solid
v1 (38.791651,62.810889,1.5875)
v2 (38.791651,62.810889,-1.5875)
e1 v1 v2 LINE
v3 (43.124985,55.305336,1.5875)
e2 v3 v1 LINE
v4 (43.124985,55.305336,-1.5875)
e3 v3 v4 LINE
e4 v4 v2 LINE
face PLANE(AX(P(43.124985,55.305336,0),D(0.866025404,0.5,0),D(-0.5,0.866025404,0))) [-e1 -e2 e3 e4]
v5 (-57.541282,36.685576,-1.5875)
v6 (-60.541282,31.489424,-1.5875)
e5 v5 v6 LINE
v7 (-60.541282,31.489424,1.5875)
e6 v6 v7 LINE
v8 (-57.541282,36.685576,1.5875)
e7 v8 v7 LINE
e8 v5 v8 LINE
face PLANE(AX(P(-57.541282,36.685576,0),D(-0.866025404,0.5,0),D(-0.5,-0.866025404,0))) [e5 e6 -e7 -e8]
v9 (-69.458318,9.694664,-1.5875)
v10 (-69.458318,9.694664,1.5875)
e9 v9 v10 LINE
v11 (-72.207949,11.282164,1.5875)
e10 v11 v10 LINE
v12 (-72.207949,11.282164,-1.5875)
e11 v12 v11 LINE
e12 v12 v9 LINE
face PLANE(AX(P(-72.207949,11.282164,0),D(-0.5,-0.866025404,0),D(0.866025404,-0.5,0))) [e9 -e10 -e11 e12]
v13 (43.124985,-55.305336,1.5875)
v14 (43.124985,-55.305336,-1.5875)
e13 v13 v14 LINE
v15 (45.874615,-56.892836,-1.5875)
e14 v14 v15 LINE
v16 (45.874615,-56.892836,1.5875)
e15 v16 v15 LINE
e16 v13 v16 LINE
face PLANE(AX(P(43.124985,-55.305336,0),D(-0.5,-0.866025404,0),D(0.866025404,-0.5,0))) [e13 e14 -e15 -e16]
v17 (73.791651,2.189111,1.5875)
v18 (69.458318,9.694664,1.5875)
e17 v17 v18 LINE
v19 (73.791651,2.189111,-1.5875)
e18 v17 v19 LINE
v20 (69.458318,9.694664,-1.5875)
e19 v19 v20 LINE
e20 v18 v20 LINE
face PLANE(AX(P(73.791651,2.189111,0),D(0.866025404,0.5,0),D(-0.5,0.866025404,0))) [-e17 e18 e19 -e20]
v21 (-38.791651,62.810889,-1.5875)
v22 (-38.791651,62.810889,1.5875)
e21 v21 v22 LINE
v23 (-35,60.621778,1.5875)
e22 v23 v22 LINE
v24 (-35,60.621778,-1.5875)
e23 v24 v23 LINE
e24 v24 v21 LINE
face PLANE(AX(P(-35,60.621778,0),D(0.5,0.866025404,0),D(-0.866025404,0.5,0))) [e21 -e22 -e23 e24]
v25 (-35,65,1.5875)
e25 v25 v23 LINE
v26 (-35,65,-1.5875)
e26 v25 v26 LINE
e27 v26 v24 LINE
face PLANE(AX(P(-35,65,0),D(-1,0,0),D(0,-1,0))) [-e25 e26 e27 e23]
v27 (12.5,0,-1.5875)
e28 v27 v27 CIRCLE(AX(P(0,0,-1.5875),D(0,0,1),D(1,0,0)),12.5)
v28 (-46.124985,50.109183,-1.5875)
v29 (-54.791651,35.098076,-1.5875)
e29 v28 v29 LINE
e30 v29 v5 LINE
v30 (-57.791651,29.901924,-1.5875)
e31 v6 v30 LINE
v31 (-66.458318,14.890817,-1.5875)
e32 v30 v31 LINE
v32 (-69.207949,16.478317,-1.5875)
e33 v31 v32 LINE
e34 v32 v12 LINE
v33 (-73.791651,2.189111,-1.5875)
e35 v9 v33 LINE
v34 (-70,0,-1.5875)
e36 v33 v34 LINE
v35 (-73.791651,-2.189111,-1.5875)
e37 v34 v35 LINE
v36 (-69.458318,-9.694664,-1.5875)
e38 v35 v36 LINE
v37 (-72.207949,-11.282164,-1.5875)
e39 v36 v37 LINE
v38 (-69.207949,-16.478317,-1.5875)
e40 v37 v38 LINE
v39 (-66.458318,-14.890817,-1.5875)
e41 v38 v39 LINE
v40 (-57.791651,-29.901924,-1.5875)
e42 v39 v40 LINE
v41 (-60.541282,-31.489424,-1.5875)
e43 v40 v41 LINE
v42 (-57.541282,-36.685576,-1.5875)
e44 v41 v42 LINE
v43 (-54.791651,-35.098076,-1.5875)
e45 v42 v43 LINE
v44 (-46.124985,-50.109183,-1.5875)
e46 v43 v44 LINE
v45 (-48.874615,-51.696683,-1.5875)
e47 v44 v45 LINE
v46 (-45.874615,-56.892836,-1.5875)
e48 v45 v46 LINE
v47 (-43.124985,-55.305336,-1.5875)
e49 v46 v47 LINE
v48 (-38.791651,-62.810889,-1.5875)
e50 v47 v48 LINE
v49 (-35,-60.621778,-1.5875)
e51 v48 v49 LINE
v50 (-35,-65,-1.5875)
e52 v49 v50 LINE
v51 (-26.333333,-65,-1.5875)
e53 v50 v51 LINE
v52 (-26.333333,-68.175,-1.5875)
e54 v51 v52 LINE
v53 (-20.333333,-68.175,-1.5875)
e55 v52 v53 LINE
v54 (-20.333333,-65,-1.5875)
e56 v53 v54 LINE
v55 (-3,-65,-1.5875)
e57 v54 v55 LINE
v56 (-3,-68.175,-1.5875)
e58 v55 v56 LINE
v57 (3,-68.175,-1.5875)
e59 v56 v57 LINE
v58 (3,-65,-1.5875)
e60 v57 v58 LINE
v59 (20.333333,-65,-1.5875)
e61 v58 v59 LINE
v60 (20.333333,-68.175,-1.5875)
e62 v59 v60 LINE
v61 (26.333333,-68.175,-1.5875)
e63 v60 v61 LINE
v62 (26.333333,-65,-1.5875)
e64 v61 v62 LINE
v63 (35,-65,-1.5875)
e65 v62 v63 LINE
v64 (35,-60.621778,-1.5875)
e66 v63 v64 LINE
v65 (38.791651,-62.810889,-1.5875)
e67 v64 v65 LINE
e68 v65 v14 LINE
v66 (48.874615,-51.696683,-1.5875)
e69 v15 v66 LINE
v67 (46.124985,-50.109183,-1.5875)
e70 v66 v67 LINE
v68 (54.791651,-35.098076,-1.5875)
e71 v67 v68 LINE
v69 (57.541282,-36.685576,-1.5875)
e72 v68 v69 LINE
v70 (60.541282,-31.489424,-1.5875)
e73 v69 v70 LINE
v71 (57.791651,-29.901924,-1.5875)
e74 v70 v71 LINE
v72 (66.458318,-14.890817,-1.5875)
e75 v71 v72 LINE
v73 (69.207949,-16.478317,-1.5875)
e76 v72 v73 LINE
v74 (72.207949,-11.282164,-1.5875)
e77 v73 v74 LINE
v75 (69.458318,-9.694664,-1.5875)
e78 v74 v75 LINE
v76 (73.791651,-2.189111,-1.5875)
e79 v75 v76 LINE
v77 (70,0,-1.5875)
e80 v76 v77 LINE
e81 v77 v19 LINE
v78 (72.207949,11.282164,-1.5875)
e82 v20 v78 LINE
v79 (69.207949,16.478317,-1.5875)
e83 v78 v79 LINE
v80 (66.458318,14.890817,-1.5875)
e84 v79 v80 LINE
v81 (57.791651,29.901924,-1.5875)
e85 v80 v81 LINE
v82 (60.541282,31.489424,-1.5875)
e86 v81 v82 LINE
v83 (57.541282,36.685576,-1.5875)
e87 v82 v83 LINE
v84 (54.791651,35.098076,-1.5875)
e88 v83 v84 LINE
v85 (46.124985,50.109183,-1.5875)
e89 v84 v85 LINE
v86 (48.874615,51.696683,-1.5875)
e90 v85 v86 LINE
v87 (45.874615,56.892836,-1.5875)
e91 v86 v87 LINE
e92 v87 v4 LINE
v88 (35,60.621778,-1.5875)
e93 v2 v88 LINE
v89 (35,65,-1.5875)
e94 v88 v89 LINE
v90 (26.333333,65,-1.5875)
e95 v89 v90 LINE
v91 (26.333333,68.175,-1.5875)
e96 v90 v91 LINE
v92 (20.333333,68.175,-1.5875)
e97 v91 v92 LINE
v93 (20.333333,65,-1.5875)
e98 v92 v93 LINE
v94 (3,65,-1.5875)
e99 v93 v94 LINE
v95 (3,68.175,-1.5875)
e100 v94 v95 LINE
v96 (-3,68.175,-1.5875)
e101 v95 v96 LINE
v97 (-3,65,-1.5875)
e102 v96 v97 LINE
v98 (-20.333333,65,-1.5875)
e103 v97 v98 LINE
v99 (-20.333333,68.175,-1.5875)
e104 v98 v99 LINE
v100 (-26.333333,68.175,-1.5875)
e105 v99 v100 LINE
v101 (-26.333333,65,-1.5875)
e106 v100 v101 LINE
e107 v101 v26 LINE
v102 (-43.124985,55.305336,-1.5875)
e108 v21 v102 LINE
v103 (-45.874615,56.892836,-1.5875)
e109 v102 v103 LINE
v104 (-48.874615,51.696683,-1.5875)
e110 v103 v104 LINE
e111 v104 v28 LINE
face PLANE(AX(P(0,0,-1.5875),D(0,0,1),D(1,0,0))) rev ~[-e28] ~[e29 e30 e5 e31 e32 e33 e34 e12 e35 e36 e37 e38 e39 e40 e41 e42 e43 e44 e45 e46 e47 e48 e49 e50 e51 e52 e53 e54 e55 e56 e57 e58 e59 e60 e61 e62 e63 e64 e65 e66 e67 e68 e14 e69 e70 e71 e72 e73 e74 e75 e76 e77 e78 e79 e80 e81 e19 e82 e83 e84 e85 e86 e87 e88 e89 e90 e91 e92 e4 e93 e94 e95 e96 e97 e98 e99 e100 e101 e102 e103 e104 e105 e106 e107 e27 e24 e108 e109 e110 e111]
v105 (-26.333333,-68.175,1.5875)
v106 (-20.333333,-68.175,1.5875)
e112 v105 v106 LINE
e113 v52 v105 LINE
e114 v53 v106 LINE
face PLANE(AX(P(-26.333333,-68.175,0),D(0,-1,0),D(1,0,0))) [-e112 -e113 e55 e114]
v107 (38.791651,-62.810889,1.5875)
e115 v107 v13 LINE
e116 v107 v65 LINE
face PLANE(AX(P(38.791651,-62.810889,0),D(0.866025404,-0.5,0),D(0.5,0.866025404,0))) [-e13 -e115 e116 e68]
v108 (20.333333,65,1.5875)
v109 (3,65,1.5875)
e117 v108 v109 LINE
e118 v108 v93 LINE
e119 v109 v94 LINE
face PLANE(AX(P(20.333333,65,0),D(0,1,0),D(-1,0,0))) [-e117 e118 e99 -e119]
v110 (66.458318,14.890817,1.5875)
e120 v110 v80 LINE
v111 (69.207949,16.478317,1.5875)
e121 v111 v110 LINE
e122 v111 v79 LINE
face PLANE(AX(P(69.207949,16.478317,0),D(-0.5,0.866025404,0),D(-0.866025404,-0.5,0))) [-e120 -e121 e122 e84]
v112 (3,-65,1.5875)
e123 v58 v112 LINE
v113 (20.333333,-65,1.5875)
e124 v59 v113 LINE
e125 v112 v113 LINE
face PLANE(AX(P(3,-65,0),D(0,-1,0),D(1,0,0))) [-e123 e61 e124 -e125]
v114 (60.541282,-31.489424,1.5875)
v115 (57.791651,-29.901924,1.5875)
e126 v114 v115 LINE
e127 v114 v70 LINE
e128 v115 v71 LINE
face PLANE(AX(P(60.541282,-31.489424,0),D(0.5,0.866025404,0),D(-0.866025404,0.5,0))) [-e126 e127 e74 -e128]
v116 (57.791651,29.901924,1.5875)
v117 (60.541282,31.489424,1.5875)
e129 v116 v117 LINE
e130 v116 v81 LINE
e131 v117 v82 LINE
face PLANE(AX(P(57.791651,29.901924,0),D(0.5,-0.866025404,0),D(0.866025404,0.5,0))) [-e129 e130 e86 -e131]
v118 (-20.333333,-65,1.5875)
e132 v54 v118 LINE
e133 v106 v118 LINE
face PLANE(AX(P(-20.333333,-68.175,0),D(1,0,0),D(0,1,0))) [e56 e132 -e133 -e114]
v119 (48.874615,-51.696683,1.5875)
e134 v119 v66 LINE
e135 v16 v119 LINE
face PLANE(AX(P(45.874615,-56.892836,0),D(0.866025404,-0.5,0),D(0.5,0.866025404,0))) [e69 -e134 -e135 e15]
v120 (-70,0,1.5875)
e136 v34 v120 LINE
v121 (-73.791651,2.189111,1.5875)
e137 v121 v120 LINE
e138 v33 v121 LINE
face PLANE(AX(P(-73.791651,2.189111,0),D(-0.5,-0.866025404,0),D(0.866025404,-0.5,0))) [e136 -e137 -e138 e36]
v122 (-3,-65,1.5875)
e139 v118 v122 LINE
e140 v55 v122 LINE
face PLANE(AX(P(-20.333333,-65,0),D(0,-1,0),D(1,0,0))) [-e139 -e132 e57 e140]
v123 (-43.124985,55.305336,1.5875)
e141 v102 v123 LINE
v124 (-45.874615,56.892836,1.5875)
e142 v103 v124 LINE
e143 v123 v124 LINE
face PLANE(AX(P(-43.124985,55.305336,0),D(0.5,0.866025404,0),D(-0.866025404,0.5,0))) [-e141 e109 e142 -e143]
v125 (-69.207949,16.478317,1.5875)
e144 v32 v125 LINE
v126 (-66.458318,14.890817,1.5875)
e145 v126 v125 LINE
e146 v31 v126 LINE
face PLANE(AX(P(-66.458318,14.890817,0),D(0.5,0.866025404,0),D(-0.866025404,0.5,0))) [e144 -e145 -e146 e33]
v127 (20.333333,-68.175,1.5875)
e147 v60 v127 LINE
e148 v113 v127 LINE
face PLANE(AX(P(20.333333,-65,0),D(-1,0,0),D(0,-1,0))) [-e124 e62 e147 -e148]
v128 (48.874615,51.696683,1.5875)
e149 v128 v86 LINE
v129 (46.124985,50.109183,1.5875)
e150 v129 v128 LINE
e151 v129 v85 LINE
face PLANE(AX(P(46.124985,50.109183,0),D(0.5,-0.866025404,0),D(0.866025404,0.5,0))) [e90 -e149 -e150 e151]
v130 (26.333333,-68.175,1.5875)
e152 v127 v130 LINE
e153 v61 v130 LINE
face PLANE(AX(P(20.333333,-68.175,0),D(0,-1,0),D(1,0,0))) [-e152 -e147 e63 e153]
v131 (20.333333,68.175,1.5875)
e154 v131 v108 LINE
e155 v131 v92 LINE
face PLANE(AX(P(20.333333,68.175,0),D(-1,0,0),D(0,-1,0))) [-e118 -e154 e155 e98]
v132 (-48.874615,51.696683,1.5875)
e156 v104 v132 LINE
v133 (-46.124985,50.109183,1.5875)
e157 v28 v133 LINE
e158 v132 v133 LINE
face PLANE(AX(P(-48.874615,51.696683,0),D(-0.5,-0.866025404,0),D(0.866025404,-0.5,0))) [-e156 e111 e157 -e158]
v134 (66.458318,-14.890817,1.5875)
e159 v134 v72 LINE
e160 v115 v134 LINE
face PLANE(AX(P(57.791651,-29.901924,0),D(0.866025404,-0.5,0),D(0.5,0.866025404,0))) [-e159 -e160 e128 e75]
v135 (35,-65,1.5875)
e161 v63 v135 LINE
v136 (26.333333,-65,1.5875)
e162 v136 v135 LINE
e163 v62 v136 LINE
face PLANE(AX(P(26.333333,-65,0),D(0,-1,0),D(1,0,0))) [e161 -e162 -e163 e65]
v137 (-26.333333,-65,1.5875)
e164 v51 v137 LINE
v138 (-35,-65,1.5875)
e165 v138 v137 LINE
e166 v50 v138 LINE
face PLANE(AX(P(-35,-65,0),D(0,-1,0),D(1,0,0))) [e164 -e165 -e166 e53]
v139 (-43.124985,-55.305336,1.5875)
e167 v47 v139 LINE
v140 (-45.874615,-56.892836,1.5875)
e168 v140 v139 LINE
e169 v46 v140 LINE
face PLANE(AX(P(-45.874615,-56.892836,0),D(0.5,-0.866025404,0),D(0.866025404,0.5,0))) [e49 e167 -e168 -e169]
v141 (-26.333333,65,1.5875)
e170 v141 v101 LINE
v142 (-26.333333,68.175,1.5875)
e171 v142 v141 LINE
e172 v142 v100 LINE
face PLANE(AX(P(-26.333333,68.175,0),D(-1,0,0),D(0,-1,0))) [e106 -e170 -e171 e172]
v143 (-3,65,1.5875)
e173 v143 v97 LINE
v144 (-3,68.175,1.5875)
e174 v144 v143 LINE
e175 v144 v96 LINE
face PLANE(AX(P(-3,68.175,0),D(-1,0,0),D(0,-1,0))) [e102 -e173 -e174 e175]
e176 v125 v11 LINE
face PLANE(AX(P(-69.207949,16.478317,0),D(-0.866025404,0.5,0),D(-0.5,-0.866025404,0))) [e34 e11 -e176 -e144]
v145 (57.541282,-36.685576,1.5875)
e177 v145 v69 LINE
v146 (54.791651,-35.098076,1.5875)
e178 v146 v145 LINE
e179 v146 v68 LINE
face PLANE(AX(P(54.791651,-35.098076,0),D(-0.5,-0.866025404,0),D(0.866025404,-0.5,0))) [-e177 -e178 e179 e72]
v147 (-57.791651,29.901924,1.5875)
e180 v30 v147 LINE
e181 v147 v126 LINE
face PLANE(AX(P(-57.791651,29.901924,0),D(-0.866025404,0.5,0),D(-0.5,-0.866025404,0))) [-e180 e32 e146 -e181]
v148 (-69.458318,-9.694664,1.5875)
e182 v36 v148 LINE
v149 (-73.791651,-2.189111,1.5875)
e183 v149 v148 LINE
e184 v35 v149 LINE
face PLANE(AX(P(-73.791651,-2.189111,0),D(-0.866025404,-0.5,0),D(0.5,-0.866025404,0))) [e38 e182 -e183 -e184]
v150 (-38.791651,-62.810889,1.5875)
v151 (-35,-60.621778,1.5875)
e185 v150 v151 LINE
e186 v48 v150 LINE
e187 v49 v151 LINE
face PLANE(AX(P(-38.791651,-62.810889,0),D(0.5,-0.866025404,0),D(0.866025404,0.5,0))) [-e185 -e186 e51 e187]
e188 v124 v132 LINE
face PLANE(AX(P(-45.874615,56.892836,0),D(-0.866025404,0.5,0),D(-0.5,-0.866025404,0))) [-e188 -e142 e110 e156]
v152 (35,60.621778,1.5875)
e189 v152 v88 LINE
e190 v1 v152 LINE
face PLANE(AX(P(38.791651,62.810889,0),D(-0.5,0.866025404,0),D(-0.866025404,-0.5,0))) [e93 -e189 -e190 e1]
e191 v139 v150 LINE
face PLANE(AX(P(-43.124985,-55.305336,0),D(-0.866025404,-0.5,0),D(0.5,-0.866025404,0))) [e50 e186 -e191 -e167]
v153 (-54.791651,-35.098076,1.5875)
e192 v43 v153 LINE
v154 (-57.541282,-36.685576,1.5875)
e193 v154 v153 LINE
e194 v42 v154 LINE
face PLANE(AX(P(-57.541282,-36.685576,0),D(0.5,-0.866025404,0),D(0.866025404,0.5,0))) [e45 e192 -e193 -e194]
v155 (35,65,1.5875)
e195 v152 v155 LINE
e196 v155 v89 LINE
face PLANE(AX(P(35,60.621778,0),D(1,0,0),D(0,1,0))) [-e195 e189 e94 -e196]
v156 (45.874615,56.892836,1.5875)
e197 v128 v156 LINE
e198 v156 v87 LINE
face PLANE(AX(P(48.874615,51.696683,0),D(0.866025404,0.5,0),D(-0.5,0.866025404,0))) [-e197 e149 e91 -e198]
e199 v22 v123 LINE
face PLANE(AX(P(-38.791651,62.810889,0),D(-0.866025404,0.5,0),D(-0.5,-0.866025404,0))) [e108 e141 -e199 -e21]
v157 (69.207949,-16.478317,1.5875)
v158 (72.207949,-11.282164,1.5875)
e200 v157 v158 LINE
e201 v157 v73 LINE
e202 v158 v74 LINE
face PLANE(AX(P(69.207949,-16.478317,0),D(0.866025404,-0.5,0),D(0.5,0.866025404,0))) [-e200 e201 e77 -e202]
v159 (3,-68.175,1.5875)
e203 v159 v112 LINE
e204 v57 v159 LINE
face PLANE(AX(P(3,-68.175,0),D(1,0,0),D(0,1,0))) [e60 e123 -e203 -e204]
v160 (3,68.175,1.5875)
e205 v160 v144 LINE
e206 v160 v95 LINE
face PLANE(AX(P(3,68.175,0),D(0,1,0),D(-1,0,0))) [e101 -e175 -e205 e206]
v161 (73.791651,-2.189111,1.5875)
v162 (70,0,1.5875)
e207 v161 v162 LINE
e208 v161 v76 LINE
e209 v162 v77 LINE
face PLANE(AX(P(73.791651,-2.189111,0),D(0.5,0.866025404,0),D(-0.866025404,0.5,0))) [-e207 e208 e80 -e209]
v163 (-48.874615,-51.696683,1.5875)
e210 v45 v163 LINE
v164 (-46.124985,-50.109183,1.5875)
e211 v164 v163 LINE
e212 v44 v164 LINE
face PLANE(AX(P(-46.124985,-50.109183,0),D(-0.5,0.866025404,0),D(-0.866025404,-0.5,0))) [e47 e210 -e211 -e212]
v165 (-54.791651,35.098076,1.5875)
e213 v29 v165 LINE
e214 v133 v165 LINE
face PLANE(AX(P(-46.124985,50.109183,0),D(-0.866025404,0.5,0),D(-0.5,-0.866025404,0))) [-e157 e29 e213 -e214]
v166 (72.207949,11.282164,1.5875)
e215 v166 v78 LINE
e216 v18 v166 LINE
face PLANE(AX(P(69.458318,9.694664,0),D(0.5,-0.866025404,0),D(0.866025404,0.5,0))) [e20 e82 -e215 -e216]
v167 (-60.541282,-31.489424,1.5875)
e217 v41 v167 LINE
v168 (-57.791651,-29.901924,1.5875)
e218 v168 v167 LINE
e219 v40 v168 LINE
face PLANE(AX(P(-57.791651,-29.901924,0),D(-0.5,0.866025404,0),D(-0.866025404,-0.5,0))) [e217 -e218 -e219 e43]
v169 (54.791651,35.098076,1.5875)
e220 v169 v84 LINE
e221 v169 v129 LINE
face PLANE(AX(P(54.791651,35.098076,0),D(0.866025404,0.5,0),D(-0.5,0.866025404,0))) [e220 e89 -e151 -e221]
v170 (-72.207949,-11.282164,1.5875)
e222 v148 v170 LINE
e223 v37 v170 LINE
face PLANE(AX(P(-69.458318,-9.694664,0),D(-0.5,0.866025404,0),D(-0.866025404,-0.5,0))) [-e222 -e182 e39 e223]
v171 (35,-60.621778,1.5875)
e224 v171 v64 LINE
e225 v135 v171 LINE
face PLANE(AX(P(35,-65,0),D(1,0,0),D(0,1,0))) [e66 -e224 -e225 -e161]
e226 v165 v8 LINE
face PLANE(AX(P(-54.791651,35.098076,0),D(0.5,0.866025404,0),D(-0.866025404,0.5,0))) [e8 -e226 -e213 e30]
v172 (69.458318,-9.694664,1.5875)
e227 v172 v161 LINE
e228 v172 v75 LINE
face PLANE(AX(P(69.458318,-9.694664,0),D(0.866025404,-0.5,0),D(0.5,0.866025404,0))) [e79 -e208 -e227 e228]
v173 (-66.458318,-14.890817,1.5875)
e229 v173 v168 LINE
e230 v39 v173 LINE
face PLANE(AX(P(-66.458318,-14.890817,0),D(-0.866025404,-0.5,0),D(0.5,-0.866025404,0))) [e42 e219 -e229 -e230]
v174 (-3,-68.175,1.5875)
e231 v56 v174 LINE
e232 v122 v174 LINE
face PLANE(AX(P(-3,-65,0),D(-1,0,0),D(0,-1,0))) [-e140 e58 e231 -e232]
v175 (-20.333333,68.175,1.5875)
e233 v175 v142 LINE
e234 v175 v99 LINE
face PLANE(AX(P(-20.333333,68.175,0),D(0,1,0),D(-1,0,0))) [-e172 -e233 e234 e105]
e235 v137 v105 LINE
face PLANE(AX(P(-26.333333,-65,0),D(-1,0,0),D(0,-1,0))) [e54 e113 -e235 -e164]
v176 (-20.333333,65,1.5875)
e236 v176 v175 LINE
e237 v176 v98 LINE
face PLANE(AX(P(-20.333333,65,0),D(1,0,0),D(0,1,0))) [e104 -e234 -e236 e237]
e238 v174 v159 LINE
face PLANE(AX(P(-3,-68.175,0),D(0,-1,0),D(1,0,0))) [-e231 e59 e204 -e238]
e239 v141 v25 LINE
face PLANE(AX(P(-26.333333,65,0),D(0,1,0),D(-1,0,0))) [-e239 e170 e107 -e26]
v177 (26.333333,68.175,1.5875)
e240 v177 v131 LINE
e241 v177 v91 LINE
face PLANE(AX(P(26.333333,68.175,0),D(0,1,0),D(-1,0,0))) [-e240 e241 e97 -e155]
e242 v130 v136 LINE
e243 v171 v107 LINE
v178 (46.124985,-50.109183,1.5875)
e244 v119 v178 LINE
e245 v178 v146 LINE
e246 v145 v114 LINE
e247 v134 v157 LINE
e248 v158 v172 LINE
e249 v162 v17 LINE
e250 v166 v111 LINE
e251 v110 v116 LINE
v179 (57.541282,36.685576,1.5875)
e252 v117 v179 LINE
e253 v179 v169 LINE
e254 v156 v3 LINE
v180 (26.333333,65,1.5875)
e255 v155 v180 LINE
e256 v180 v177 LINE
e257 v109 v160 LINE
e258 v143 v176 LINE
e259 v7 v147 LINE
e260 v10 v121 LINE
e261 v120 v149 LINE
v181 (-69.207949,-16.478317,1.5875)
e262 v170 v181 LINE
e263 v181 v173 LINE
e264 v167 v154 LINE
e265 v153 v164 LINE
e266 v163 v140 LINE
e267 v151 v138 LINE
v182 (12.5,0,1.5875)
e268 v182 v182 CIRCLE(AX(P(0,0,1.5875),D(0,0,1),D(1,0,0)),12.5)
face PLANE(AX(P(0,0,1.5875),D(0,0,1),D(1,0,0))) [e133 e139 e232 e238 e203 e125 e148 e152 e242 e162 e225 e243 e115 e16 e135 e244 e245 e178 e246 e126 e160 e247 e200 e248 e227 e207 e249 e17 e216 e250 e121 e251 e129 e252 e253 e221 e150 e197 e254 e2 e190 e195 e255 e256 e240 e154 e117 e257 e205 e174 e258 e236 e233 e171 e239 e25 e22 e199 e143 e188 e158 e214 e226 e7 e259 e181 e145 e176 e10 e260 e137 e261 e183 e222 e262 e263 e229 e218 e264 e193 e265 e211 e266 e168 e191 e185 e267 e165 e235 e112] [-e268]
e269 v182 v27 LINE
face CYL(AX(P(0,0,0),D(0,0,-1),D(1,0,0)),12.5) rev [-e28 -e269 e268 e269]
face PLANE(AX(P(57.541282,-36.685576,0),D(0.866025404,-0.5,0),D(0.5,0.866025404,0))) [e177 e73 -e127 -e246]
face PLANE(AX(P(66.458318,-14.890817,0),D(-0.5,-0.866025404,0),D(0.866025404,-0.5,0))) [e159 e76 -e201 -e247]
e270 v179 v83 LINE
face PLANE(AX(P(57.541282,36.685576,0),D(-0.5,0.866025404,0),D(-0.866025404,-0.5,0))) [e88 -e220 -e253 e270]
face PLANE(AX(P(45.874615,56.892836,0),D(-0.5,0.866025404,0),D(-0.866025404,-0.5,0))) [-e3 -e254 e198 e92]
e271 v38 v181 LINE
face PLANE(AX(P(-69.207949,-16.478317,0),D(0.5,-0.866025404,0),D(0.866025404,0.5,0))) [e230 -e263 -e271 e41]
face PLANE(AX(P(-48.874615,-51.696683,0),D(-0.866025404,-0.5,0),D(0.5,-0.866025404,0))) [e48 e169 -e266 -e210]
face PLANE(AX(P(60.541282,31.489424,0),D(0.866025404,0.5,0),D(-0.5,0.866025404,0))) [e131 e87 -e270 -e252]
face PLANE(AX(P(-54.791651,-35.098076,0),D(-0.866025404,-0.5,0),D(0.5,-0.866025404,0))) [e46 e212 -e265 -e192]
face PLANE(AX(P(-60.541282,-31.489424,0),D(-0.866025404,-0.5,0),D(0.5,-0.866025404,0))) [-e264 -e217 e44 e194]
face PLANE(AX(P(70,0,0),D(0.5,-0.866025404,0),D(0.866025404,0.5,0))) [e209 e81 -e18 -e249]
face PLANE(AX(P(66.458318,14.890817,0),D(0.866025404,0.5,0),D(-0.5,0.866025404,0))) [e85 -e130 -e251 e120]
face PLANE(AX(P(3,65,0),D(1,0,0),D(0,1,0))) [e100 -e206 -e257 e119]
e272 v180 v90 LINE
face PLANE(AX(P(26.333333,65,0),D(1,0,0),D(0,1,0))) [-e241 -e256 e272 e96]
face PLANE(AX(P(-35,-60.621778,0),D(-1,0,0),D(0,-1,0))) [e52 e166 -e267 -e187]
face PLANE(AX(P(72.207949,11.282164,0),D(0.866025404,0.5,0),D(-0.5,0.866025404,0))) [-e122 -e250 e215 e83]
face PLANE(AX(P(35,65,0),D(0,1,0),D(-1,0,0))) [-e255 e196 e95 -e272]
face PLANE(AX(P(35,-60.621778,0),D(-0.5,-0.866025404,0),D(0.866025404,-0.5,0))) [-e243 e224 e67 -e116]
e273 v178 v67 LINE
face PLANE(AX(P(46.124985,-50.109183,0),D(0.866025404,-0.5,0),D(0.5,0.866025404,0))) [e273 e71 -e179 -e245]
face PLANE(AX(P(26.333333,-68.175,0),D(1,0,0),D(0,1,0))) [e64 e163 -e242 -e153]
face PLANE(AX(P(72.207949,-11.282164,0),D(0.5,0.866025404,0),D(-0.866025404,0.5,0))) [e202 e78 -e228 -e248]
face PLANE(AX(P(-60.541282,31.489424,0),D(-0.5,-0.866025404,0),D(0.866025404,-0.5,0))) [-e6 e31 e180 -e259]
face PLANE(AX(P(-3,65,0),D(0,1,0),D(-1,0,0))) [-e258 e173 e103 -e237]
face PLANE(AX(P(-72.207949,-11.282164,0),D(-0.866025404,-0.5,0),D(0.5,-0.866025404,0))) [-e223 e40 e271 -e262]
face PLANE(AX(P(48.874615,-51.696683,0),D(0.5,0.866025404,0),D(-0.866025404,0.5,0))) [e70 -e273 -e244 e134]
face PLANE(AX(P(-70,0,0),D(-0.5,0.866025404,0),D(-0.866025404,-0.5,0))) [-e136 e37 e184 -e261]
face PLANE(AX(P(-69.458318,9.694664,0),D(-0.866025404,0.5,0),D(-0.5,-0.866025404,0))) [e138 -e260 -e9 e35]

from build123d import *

# Parameters (mm, degrees)
SKETCH2_R           = 12.5
BOSS_EXTRUDE1_DEPTH = 1.5875


with BuildPart() as part:
    # Sketch2 → Boss-Extrude1 (new body, symmetric)
    with BuildSketch(Plane.XY):
        Polygon((-35, 65), (-35, 60.621778265), (-38.791651246, 62.810889132), (-43.124984579, 55.305335633), (-45.874615236, 56.892835633), (-48.874615236, 51.69668321), (-46.124984579, 50.10918321), (-54.791651246, 35.098076211), (-57.541281903, 36.685576211), (-60.541281903, 31.489423789), (-57.791651246, 29.901923789), (-66.458317913, 14.89081679), (-69.20794857, 16.47831679), (-72.20794857, 11.282164367), (-69.458317913, 9.694664367), (-73.791651246, 2.189110868), (-70, 0), (-73.791651246, -2.189110868), (-69.458317913, -9.694664367), (-72.20794857, -11.282164367), (-69.20794857, -16.47831679), (-66.458317913, -14.89081679), (-57.791651246, -29.901923789), (-60.541281903, -31.489423789), (-57.541281903, -36.685576211), (-54.791651246, -35.098076211), (-46.124984579, -50.10918321), (-48.874615236, -51.69668321), (-45.874615236, -56.892835633), (-43.124984579, -55.305335633), (-38.791651246, -62.810889132), (-35, -60.621778265), (-35, -65), (-26.333333333, -65), (-26.333333333, -68.175), (-20.333333333, -68.175), (-20.333333333, -65), (-3, -65), (-3, -68.175), (3, -68.175), (3, -65), (20.333333333, -65), (20.333333333, -68.175), (26.333333333, -68.175), (26.333333333, -65), (35, -65), (35, -60.621778265), (38.791651246, -62.810889132), (43.124984579, -55.305335633), (45.874615236, -56.892835633), (48.874615236, -51.69668321), (46.124984579, -50.10918321), (54.791651246, -35.098076211), (57.541281903, -36.685576211), (60.541281903, -31.489423789), (57.791651246, -29.901923789), (66.458317913, -14.89081679), (69.20794857, -16.47831679), (72.20794857, -11.282164367), (69.458317913, -9.694664367), (73.791651246, -2.189110868), (70, 0), (73.791651246, 2.189110868), (69.458317913, 9.694664367), (72.20794857, 11.282164367), (69.20794857, 16.47831679), (66.458317913, 14.89081679), (57.791651246, 29.901923789), (60.541281903, 31.489423789), (57.541281903, 36.685576211), (54.791651246, 35.098076211), (46.124984579, 50.10918321), (48.874615236, 51.69668321), (45.874615236, 56.892835633), (43.124984579, 55.305335633), (38.791651246, 62.810889132), (35, 60.621778265), (35, 65), (26.333333333, 65), (26.333333333, 68.175), (20.333333333, 68.175), (20.333333333, 65), (3, 65), (3, 68.175), (-3, 68.175), (-3, 65), (-20.333333333, 65), (-20.333333333, 68.175), (-26.333333333, 68.175), (-26.333333333, 65), align=None)
        Circle(SKETCH2_R, mode=Mode.SUBTRACT)
    extrude(amount=BOSS_EXTRUDE1_DEPTH, both=True)


solid = part.part
